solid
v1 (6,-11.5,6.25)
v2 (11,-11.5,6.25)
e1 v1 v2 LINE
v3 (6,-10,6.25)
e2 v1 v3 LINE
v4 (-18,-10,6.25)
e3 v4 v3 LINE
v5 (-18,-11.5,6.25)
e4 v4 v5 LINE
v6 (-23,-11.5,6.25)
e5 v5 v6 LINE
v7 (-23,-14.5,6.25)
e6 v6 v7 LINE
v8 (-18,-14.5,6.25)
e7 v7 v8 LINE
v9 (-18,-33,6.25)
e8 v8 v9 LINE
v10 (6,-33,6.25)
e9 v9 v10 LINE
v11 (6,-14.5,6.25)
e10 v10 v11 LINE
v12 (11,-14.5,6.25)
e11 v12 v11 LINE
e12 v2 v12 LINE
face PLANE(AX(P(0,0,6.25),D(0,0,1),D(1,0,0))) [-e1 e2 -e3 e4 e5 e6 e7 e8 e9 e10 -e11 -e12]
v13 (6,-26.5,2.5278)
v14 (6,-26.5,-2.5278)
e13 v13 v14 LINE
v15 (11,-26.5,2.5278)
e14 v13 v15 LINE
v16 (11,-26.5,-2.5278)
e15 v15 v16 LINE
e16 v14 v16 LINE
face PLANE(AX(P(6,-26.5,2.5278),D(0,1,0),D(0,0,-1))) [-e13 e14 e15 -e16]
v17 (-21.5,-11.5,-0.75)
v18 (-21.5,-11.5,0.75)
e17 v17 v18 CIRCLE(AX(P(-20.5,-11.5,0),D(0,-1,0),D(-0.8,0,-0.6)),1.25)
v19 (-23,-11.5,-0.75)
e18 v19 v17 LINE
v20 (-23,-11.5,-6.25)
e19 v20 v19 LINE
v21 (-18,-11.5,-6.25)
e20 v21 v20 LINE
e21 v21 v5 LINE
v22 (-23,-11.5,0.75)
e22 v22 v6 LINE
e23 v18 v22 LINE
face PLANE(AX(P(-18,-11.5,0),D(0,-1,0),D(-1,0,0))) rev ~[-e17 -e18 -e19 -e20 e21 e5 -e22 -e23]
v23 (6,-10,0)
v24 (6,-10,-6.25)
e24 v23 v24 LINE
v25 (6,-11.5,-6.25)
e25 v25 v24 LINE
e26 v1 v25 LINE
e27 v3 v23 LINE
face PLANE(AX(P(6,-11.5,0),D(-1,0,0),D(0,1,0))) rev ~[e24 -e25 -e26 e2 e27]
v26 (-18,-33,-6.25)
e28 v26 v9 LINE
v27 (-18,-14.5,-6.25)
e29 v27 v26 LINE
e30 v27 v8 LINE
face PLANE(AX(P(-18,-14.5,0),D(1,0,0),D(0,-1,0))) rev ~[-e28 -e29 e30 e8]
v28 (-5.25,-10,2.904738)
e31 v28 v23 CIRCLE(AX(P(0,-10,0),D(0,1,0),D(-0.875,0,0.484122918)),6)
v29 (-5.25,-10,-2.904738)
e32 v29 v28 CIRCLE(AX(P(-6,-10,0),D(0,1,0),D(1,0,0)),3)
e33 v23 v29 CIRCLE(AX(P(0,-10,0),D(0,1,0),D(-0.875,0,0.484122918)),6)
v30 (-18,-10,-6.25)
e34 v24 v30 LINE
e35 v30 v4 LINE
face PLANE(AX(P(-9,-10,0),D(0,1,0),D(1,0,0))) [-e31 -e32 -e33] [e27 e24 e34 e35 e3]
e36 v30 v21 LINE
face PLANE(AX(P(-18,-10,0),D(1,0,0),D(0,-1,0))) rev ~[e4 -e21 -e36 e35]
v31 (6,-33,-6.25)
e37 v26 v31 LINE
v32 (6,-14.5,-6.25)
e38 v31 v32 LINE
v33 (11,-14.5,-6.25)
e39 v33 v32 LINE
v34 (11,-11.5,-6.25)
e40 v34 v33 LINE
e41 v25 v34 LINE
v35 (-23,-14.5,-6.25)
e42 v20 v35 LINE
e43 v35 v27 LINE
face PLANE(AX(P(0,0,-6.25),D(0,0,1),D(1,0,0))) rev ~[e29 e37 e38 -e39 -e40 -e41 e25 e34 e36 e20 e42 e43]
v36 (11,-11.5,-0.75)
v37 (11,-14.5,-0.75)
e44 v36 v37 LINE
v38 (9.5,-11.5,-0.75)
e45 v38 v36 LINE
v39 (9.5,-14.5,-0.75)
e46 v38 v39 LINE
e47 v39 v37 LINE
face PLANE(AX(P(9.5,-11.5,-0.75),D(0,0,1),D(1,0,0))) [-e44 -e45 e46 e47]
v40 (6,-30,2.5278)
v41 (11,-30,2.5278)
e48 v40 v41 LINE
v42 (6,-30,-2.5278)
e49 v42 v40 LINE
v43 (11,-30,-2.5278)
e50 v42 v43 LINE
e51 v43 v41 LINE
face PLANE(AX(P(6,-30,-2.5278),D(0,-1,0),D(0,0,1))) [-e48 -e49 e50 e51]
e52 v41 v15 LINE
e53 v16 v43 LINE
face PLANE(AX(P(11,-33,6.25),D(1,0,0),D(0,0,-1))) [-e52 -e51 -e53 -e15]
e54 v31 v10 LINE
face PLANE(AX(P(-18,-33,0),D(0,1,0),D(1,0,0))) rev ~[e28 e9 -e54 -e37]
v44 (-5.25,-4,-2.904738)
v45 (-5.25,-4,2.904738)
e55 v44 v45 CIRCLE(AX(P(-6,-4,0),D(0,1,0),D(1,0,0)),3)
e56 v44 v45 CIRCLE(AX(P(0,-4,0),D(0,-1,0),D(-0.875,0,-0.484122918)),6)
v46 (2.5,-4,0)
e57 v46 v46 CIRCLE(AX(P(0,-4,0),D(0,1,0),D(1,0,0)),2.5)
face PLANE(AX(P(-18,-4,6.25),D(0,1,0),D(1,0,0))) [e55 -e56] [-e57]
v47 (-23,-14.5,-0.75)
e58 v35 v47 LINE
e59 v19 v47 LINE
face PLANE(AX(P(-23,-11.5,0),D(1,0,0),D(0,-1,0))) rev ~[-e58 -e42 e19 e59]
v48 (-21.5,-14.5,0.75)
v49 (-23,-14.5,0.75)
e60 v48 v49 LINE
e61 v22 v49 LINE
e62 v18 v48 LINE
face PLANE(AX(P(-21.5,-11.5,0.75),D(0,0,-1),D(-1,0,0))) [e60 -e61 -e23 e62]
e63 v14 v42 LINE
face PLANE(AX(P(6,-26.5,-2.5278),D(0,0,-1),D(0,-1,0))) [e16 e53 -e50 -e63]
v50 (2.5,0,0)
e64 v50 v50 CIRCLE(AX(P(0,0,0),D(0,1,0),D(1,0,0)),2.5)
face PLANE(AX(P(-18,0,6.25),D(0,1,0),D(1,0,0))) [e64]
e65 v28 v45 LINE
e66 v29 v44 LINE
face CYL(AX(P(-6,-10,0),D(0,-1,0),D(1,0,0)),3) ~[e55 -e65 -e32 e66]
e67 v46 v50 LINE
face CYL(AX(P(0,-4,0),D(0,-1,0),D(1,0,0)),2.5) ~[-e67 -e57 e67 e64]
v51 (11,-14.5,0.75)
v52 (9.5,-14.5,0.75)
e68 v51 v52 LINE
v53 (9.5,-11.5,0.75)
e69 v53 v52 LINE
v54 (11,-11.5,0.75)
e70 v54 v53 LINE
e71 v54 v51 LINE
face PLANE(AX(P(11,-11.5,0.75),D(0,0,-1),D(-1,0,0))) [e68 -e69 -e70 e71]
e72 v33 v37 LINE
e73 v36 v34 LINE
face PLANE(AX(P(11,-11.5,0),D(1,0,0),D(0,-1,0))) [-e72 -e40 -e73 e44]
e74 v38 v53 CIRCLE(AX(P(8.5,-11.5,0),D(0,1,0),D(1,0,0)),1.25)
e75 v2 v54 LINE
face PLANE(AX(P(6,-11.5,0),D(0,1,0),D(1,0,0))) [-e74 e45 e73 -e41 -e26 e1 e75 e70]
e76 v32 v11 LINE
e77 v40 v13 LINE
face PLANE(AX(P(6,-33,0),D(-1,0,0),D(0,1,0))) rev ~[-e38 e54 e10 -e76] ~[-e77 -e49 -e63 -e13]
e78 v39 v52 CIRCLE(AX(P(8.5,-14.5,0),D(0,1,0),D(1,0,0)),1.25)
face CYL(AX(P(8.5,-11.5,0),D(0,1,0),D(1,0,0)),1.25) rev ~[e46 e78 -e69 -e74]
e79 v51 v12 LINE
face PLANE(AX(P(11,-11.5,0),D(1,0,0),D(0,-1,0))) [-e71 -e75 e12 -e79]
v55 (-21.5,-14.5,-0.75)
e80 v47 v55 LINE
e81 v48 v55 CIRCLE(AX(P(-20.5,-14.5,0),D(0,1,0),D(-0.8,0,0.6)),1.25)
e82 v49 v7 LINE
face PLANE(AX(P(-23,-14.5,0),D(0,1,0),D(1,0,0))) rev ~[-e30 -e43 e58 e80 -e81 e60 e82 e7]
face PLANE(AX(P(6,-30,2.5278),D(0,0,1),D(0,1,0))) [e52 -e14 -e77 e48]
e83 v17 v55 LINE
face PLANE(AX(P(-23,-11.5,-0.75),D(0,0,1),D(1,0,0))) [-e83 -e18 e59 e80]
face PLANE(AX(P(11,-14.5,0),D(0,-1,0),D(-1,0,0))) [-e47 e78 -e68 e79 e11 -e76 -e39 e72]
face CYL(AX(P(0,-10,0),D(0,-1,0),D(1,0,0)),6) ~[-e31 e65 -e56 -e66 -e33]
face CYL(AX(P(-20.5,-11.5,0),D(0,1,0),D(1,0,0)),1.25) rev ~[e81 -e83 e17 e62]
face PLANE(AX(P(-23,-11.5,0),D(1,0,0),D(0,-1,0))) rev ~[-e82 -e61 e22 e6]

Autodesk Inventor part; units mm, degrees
ref_plane "YZ Plane" through (0, 0, 0) normal (1, 0, 0) x (0, 1, 0)
ref_plane "XZ Plane" through (0, 0, 0) normal (0, 1, 0) x (-1, 0, 0)
ref_plane "XY Plane" through (0, 0, 0) normal (0, 0, 1) x (1, 0, 0)
sketch "Sketch1" plane through (0, 0, 0) normal (0, 0, 1) x (1, 0, 0)
  line L0 (-2.5, 0) -> (2.5, 0)
  line L1 (2.5, 0) -> (2.5, -4)
  line L2 (2.5, -4) -> (-2.5, -4)
  line L3 (-2.5, -4) -> (-2.5, 0)
  line L4 (6, -4) -> (-9, -4)
  line L5 (-9, -4) -> (-9, -10)
  line L6 (-9, -10) -> (6, -10)
  line L7 (6, -10) -> (6, -4)
  line L8 (6, -10) -> (-18, -10)
  line L9 (-18, -10) -> (-18, -33)
  line L10 (-18, -33) -> (6, -33)
  line L11 (6, -33) -> (6, -10)
  line L12 (-18, -11.5) -> (-23, -11.5)
  line L13 (-23, -11.5) -> (-23, -14.5)
  line L14 (-23, -14.5) -> (-18, -14.5)
  line L15 (-18, -14.5) -> (-18, -11.5)
  line L16 (6, -11.5) -> (11, -11.5)
  line L17 (11, -11.5) -> (11, -14.5)
  line L18 (11, -14.5) -> (6, -14.5)
  line L19 (6, -14.5) -> (6, -11.5)
  line L20 (-6, -33) -> (-6, -10) construction
  point P0 (0, 0)
  point P1 (0, -4)
  point P2 (11, -13)
  point P3 (-23, -13)
  point P4 (-9, -7)
  point P5 (0, 0)
  point P6 (-18, -14.5)
  point P7 (6, -14.5)
  dimension "d0" = 5
  dimension "d1" = 4
  dimension "d2" = 6
  dimension "d3" = 6
  dimension "d4" = 24
  dimension "d6" = 34
  dimension "d7" = 9
  dimension "d8" = 1.5
  dimension "d9" = 3
  dimension "d31" = 18.5
extrude "Extrusion1" add sketch "Sketch1" along normal mid plane 12.5 contours L6 L11 L10 L9 L8 | L16 L17 L18 L11 | L9 L14 L13 L12
sketch "Sketch2" plane through (-18, -10, 6.25) normal (0, 1, 0) x (1, 0, 0)
  circle A0 centre (18, 6.25) radius 6
  line L0 (24, 12.5) -> (24, 0) construction
  circle A1 centre (12, 6.25) radius 3
  line L1 (0, 12.5) -> (0, 0) construction
  point P0 (9, 6.25)
  point P1 (0, 6.25)
  point P2 (12.75, 9.1547)
  point P3 (12.75, 3.3453)
  dimension "d12" = 9
extrude "Extrusion2" add sketch "Sketch2" along normal blind 6
sketch "Sketch3" plane through (-18, -4, 6.25) normal (0, 1, 0) x (1, 0, 0)
  circle A0 centre (18, 6.25) radius 2.5
  dimension "d15" = 5
extrude "Extrusion3" add sketch "Sketch3" along normal blind 4
sketch "Sketch4" plane through (6, -33, 6.25) normal (1, 0, 0) x (0, 0, -1)
  line L0 (3.7222, 6.5) -> (8.7778, 6.5)
  line L1 (8.7778, 6.5) -> (8.7778, 3)
  line L2 (8.7778, 3) -> (3.7222, 3)
  line L3 (3.7222, 3) -> (3.7222, 6.5)
  line L4 (0, 0) -> (0, 18.5) construction
  line L5 (0, 6.5) -> (3.7222, 6.5) construction
  line L6 (8.7778, 6.5) -> (12.5, 6.5) construction
  line L7 (12.5, 18.5) -> (12.5, 0) construction
  line L8 (12.5, 0) -> (0, 0) construction
  line L9 (12.5, 18.5) -> (0, 18.5) construction
  point P0 (6.25, 33)
  point P1 (6.25, 18.5)
  point P2 (6.25, 6.5)
  dimension "d18" = 3
  dimension "d19" = 12
extrude "Extrusion4" add sketch "Sketch4" along normal blind 5
sketch "Sketch5" plane through (6, -11.5, 6.25) normal (0, 1, 0) x (1, 0, 0)
  line L0 (-29, 12.5) -> (-29, 0) construction
  line L1 (-24, 0) -> (-29, 0) construction
  line L2 (-24, 12.5) -> (-24, 0) construction
  line L3 (-29, 12.5) -> (-24, 12.5) construction
  line L4 (0, 12.5) -> (0, 0) construction
  line L5 (5, 0) -> (0, 0) construction
  line L6 (5, 12.5) -> (5, 0) construction
  line L7 (0, 12.5) -> (5, 12.5) construction
  line L8 (-29, 6.25) -> (5, 6.25) construction
  line L9 (5, 3.7222) -> (5, 8.7778) construction
  circle A0 centre (-26.5, 6.25) radius 1.25
  circle A1 centre (2.5, 6.25) radius 1.25
  line L10 (-12, 6.25) -> (-12, 12.5) construction
  line L11 (-27.5, 5.5) -> (-29, 5.5)
  line L12 (-29, 5.5) -> (-29, 7)
  line L13 (-29, 7) -> (-27.5, 7)
  line L14 (-27.5, 7) -> (-27.5, 5.5)
  line L15 (3.5, 7) -> (5, 7)
  line L16 (5, 7) -> (5, 5.5)
  line L17 (5, 5.5) -> (3.5, 5.5)
  line L18 (3.5, 5.5) -> (3.5, 7)
  line L19 (3.5, 7) -> (5, 5.5) construction
  line L20 (5, 7) -> (3.5, 5.5) construction
  point P0 (-6, 6.25)
  point P1 (4.25, 6.25)
  point P2 (3.5, 5.5)
  dimension "d22" = 2.5
  dimension "d23" = 29
  dimension "d24" = 1.5
  dimension "d25" = 1.5
extrude "Extrusion5" cut sketch "Sketch5" against normal blind 3
sketch "草圖7" plane through (0, 0, 0) normal (0, 1, 0) x (1, 0, 0)
  line L0 (-23, 0.75) -> (-21.5, 0.75) projected
  arc A0 (-21.5, -0.75) -> (-21.5, 0.75) centre (-20.5, 0) ccw projected
  line L1 (-21.5, -0.75) -> (-23, -0.75) projected
  line L2 (-23, -0.75) -> (-23, -6.25) projected
  line L3 (-18, -6.25) -> (-23, -6.25) projected
  line L4 (-18, 6.25) -> (-18, -6.25) projected
  line L5 (-23, 6.25) -> (-18, 6.25) projected
  line L6 (-23, 6.25) -> (-23, 0.75) projected
  line L7 (-18, 6.25) -> (-18, -6.25) projected
  line L8 (6, -6.25) -> (-18, -6.25) projected
  line L9 (6, 0) -> (6, -6.25) projected
  arc A1 (-5.25, -2.9047) -> (6, 0) centre (0, 0) ccw projected
  arc A2 (-5.25, 2.9047) -> (-5.25, -2.9047) centre (-6, 0) ccw projected
  arc A3 (6, 0) -> (-5.25, 2.9047) centre (0, 0) ccw projected
  line L10 (6, 6.25) -> (6, 0) projected
  line L11 (-18, 6.25) -> (6, 6.25) projected
  circle A4 centre (0, 0) radius 2.5 projected
  arc A5 (-5.25, -2.9047) -> (-5.25, 2.9047) centre (0, 0) ccw projected
  arc A6 (-5.25, 2.9047) -> (-5.25, -2.9047) centre (-6, 0) ccw projected
  circle A7 centre (0, 0) radius 2.5 projected
  line L12 (11, -0.75) -> (9.5, -0.75) projected
  arc A8 (9.5, 0.75) -> (9.5, -0.75) centre (8.5, 0) ccw projected
  line L13 (9.5, 0.75) -> (11, 0.75) projected
  line L14 (11, 6.25) -> (11, 0.75) projected
  line L15 (6, 6.25) -> (11, 6.25) projected
  line L16 (6, 6.25) -> (6, -6.25) projected
  line L17 (11, -6.25) -> (6, -6.25) projected
  line L18 (11, -0.75) -> (11, -6.25) projected
  point P0 (0, 0)
sketch "Sketch6" plane through (0, 0, 0) normal (0, 1, 0) x (1, 0, 0)
  circle A0 centre (0, 0) radius 2.5 projected
  circle A1 centre (0, 0) radius 10
  point P0 (0, 0)
  dimension "d28" = 20
properties part number "S"
